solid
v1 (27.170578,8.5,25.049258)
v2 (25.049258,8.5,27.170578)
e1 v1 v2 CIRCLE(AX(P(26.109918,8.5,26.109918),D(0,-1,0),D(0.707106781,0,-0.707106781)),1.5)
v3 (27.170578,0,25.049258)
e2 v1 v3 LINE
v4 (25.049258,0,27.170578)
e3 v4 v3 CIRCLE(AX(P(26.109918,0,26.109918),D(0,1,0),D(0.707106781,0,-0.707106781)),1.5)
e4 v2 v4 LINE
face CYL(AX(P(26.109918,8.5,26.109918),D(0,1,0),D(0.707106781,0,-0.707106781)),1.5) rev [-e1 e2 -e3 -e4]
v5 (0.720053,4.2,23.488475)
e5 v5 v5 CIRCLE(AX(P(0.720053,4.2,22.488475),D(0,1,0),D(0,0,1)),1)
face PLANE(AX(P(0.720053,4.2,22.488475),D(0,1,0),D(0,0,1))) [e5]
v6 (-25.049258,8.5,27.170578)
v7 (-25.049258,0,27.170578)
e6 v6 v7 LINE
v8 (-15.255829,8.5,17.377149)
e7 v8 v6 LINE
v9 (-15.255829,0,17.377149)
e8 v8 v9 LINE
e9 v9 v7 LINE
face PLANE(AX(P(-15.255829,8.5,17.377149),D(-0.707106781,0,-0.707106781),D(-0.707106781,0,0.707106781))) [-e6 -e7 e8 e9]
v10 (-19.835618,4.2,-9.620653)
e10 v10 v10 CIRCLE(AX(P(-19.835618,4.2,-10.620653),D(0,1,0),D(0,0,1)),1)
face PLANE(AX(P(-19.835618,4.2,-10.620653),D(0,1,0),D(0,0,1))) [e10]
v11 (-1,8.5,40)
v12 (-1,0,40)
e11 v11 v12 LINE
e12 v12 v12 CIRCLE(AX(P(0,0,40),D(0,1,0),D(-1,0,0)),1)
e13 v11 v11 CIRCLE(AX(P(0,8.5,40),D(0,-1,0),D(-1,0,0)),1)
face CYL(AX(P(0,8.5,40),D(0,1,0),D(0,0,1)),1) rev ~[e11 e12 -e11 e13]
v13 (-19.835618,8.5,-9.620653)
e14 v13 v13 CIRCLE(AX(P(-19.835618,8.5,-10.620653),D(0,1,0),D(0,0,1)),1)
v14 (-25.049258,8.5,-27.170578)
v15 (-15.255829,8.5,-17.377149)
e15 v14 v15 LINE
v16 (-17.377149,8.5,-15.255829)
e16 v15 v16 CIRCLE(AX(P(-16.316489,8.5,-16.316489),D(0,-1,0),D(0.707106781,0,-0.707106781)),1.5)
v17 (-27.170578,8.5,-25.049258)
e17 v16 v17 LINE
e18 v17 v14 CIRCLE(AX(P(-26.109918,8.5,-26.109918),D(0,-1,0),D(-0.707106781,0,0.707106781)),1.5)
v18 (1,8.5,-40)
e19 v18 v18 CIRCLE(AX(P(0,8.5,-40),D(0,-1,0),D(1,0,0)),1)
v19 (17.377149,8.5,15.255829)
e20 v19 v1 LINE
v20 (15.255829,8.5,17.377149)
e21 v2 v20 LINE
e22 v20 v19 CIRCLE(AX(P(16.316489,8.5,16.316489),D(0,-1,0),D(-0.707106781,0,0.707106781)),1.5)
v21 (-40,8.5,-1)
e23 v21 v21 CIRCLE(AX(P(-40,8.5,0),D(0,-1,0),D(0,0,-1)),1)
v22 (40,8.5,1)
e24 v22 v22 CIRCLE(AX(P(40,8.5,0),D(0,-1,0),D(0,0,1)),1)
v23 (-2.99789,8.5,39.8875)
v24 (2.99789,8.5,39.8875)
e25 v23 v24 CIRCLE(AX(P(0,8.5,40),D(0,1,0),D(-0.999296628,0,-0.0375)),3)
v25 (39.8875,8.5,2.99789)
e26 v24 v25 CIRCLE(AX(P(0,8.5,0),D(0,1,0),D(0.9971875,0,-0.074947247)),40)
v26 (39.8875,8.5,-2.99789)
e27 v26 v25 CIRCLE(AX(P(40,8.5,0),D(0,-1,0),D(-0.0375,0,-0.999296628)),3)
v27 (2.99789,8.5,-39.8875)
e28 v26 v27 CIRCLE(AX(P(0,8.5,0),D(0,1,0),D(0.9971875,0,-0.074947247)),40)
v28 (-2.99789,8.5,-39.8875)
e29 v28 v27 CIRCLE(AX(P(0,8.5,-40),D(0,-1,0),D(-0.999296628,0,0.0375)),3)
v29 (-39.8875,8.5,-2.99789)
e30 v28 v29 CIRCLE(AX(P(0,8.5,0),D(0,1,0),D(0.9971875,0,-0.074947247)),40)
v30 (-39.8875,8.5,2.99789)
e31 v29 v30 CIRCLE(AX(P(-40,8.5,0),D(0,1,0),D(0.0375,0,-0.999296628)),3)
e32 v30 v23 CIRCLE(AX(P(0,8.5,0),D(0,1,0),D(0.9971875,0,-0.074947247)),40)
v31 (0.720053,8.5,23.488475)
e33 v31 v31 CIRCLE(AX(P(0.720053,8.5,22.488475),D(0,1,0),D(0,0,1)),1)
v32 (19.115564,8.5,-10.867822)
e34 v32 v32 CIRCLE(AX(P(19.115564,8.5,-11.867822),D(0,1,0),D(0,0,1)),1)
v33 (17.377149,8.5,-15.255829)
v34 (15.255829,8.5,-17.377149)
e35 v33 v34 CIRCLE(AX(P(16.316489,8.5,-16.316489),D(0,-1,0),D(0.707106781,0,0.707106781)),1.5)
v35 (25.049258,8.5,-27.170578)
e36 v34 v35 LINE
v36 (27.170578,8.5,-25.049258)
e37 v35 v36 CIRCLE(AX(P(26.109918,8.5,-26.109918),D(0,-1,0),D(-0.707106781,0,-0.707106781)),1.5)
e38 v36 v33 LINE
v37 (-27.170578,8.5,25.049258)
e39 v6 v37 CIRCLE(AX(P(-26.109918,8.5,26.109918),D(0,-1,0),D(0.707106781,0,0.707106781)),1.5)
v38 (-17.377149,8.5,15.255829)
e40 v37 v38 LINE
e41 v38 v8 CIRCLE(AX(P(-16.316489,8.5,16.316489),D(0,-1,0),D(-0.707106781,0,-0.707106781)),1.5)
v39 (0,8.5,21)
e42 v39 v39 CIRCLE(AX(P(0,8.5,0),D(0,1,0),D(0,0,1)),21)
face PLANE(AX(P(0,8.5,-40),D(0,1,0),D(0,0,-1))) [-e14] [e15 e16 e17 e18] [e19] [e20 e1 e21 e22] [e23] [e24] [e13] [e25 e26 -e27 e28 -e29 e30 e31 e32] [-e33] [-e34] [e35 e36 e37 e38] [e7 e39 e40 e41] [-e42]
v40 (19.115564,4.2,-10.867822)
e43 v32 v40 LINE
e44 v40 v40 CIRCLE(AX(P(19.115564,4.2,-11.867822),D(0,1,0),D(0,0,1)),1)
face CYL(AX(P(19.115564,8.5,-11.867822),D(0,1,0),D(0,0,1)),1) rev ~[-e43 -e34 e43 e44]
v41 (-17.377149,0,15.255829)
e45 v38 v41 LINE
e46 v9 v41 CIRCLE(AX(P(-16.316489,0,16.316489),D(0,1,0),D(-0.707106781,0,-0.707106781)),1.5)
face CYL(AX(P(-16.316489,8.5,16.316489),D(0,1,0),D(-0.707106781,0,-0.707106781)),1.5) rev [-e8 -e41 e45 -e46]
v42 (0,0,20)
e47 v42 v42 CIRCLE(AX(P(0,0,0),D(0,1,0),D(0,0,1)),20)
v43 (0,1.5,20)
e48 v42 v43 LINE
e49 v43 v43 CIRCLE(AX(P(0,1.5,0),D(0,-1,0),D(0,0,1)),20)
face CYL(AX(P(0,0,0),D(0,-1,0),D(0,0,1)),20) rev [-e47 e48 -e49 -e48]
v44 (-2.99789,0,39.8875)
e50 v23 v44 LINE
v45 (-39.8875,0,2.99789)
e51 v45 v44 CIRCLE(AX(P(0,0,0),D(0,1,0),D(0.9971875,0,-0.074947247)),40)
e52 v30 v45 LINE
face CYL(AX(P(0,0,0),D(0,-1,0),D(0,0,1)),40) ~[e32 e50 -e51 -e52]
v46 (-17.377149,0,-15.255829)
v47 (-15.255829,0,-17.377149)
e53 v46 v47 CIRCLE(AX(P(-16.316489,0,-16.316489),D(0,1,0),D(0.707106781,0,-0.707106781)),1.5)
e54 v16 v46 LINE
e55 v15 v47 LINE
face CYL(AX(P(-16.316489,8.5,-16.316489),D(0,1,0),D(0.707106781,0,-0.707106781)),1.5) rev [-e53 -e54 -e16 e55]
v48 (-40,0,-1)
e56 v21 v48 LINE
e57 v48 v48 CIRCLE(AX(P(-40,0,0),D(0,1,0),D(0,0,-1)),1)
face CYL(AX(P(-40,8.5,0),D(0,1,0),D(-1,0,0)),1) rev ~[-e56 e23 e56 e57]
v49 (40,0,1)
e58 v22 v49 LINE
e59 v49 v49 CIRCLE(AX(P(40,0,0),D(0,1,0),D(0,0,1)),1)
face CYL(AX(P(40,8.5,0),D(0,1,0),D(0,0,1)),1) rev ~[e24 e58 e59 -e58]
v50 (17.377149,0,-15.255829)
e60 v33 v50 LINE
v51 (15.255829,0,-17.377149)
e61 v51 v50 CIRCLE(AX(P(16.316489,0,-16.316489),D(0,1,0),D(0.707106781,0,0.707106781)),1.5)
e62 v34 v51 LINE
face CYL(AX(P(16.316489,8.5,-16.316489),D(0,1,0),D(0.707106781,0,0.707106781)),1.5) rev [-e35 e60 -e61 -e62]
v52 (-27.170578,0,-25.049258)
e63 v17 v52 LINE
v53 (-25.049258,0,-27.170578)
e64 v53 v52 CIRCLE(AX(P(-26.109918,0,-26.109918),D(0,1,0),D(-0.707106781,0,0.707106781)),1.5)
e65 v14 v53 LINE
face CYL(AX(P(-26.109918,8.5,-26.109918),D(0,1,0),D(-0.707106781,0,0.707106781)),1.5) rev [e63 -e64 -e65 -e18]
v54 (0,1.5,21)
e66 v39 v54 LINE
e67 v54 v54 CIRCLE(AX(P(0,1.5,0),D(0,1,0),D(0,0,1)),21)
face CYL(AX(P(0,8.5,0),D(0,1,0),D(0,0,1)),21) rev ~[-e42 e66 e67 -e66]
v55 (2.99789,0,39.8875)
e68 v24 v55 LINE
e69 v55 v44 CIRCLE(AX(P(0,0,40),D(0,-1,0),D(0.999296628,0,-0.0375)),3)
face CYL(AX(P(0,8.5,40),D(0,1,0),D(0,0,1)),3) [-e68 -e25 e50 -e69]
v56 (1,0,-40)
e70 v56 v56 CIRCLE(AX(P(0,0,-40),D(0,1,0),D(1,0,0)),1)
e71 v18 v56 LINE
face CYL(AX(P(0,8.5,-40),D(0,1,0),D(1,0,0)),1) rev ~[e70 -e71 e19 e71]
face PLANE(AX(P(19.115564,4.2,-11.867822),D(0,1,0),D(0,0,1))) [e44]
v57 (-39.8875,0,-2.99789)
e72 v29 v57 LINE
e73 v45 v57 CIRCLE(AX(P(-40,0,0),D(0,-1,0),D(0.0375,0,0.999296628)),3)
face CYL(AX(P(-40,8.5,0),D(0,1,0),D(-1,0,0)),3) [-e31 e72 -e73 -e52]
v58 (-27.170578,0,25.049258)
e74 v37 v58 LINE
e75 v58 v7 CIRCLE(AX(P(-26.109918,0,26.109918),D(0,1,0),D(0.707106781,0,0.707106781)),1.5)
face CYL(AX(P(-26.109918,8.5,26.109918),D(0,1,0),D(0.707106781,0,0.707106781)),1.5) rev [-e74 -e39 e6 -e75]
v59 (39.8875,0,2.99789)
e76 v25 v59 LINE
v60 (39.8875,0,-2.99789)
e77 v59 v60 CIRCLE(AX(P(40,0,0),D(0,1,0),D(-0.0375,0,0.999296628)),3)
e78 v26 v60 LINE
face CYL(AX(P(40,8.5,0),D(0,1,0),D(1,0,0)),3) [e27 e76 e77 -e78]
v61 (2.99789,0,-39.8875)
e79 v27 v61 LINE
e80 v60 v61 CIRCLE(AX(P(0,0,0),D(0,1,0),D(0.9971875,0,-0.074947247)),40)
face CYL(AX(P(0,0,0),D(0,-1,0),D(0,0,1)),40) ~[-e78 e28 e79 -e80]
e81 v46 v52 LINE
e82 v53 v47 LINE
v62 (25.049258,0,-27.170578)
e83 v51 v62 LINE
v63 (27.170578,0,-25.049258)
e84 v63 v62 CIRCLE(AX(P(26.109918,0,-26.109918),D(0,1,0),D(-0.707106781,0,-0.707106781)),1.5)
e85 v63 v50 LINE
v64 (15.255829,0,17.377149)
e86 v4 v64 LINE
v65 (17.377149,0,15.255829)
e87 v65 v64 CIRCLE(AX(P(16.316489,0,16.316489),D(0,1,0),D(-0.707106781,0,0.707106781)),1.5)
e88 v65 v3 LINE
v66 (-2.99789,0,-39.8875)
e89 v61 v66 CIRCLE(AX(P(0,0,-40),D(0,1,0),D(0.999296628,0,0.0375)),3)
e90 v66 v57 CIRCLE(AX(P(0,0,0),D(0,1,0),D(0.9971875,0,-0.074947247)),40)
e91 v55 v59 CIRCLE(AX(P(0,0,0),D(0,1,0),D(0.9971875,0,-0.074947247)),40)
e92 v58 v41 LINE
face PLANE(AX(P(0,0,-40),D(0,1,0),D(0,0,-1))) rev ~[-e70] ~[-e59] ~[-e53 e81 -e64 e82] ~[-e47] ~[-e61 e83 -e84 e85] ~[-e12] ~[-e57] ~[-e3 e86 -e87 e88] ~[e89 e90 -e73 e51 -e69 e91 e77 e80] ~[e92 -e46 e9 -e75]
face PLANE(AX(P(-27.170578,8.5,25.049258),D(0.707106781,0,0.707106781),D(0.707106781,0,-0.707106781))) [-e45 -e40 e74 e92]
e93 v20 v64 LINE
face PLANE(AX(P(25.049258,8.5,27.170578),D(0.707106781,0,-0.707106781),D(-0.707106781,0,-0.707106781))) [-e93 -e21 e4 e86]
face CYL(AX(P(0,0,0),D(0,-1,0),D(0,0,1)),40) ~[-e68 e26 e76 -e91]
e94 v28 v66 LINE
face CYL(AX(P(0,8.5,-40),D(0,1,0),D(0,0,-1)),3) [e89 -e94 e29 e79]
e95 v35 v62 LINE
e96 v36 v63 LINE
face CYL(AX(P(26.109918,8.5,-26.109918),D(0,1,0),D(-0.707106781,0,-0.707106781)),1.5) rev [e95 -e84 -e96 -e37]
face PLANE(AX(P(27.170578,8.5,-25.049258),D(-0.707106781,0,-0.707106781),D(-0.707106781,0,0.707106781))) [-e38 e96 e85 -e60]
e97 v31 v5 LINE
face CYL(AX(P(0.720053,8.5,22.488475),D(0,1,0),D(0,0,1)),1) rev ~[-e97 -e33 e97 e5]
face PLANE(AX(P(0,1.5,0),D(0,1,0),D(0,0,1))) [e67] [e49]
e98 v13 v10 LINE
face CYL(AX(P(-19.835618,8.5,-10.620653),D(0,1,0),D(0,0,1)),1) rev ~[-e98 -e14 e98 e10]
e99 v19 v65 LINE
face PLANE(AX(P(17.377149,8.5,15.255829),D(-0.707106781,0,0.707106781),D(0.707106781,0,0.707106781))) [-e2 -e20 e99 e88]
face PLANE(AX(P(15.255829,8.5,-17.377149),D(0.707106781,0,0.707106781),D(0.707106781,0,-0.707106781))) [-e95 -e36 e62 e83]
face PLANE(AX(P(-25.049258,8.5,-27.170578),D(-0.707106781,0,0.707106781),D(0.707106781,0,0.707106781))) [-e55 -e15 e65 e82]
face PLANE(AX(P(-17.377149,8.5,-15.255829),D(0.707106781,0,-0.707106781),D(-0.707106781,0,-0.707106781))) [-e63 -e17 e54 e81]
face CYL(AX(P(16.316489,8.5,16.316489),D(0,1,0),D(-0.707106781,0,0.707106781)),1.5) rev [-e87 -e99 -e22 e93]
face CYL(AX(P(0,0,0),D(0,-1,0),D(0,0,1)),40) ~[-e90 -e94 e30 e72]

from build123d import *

# Parameters (mm, degrees)
SKETCH1_R                               = 40
SKETCH1_R_2                             = 20
BOSS_EXTRUDE1_DEPTH                     = 8.5
SKETCH2_R                               = 1
CUT_EXTRUDE2_DEPTH                      = 58.203583804
SKETCH2_6_R                             = 3
SKETCH2_6_R_2                           = 1
BOSS_EXTRUDE3_DEPTH                     = 8.5
CIRPATTERN1_COUNT                       = 4
CUT_EXTRUDE4_DEPTH                      = 62.402361518
CIRPATTERN3_COUNT                       = 4
SKETCH7_R                               = 21
CUT_EXTRUDE5_DEPTH                      = 7
SKETCH8_R                               = 1
OUTER_RETAINER_M2_TAPPED_ENVELOPE_DEPTH = 4.3


with BuildPart() as part:
    # Sketch1 → Boss-Extrude1 (new body)
    with BuildSketch(Plane(origin=(0, 0, 0), x_dir=(1, 0, 0), z_dir=(0, 1, 0))):
        Circle(SKETCH1_R)
        Circle(SKETCH1_R_2, mode=Mode.SUBTRACT)
    extrude(amount=BOSS_EXTRUDE1_DEPTH)

    # Sketch2 → Cut-Extrude2 (cut, through all)
    with BuildSketch(Plane(origin=(0, 8.5, 0), x_dir=(1, 0, 0), z_dir=(0, 1, 0))):
        with Locations((40, 0)):
            Circle(SKETCH2_R)
    cut_extrude2 = extrude(amount=-CUT_EXTRUDE2_DEPTH, mode=Mode.SUBTRACT)

    # Sketch2<6> → Boss-Extrude3 (add)
    with BuildSketch(Plane(origin=(0, 8.5, 0), x_dir=(1, 0, 0), z_dir=(0, 1, 0))):
        with Locations((40, 0)):
            Circle(SKETCH2_6_R)
        with Locations((40, 0)):
            Circle(SKETCH2_6_R_2, mode=Mode.SUBTRACT)
    boss_extrude3 = extrude(amount=-BOSS_EXTRUDE3_DEPTH)

    # CirPattern1: Cut-Extrude2, Boss-Extrude3 ×4 about axis
    cirpattern1_axis = Axis((0, 8.5, 0), (0, 1, 0))
    add([cut_extrude2.rotate(cirpattern1_axis, i * 360 / CIRPATTERN1_COUNT) for i in range(1, CIRPATTERN1_COUNT)], mode=Mode.SUBTRACT)
    add([boss_extrude3.rotate(cirpattern1_axis, i * 360 / CIRPATTERN1_COUNT) for i in range(1, CIRPATTERN1_COUNT)])

    # Sketch4 → Cut-Extrude4 (cut, through all)
    with BuildSketch(Plane(origin=(0, 8.5, 0), x_dir=(1, 0, 0), z_dir=(0, 1, 0))):
        with BuildLine():
            Line((-27.170578067, -25.049257724), (-17.377149148, -15.255828804))
            ThreePointArc((-17.377149148, -15.255828804), (-15.255828804, -15.255828804), (-15.255828804, -17.377149148))
            Line((-15.255828804, -17.377149148), (-25.049257724, -27.170578067))
            ThreePointArc((-25.049257724, -27.170578067), (-27.170578067, -27.170578067), (-27.170578067, -25.049257724))
        make_face()
    cut_extrude4 = extrude(amount=-CUT_EXTRUDE4_DEPTH, mode=Mode.SUBTRACT)

    # CirPattern3: Cut-Extrude4 ×4 about axis
    cirpattern3_axis = Axis((0, 8.5, 0), (0, 1, 0))
    for i in range(1, CIRPATTERN3_COUNT):
        add(cut_extrude4.rotate(cirpattern3_axis, i * 360 / CIRPATTERN3_COUNT), mode=Mode.SUBTRACT)

    # Sketch7 → Cut-Extrude5 (cut)
    with BuildSketch(Plane(origin=(0, 8.5, 0), x_dir=(1, 0, 0), z_dir=(0, 1, 0))):
        Circle(SKETCH7_R)
    extrude(amount=-CUT_EXTRUDE5_DEPTH, mode=Mode.SUBTRACT)

    # Sketch8 → Outer_Retainer_M2_Tapped_Envelope (cut)
    with BuildSketch(Plane(origin=(0, 8.5, 0), x_dir=(1, 0, 0), z_dir=(0, 1, 0))):
        with Locations((0.720053396, -22.48847534)):
            Circle(SKETCH8_R)
        with Locations((19.115564239, 11.867822203)):
            Circle(SKETCH8_R)
        with Locations((-19.835617634, 10.620653137)):
            Circle(SKETCH8_R)
    extrude(amount=-OUTER_RETAINER_M2_TAPPED_ENVELOPE_DEPTH, mode=Mode.SUBTRACT)


solid = part.part
